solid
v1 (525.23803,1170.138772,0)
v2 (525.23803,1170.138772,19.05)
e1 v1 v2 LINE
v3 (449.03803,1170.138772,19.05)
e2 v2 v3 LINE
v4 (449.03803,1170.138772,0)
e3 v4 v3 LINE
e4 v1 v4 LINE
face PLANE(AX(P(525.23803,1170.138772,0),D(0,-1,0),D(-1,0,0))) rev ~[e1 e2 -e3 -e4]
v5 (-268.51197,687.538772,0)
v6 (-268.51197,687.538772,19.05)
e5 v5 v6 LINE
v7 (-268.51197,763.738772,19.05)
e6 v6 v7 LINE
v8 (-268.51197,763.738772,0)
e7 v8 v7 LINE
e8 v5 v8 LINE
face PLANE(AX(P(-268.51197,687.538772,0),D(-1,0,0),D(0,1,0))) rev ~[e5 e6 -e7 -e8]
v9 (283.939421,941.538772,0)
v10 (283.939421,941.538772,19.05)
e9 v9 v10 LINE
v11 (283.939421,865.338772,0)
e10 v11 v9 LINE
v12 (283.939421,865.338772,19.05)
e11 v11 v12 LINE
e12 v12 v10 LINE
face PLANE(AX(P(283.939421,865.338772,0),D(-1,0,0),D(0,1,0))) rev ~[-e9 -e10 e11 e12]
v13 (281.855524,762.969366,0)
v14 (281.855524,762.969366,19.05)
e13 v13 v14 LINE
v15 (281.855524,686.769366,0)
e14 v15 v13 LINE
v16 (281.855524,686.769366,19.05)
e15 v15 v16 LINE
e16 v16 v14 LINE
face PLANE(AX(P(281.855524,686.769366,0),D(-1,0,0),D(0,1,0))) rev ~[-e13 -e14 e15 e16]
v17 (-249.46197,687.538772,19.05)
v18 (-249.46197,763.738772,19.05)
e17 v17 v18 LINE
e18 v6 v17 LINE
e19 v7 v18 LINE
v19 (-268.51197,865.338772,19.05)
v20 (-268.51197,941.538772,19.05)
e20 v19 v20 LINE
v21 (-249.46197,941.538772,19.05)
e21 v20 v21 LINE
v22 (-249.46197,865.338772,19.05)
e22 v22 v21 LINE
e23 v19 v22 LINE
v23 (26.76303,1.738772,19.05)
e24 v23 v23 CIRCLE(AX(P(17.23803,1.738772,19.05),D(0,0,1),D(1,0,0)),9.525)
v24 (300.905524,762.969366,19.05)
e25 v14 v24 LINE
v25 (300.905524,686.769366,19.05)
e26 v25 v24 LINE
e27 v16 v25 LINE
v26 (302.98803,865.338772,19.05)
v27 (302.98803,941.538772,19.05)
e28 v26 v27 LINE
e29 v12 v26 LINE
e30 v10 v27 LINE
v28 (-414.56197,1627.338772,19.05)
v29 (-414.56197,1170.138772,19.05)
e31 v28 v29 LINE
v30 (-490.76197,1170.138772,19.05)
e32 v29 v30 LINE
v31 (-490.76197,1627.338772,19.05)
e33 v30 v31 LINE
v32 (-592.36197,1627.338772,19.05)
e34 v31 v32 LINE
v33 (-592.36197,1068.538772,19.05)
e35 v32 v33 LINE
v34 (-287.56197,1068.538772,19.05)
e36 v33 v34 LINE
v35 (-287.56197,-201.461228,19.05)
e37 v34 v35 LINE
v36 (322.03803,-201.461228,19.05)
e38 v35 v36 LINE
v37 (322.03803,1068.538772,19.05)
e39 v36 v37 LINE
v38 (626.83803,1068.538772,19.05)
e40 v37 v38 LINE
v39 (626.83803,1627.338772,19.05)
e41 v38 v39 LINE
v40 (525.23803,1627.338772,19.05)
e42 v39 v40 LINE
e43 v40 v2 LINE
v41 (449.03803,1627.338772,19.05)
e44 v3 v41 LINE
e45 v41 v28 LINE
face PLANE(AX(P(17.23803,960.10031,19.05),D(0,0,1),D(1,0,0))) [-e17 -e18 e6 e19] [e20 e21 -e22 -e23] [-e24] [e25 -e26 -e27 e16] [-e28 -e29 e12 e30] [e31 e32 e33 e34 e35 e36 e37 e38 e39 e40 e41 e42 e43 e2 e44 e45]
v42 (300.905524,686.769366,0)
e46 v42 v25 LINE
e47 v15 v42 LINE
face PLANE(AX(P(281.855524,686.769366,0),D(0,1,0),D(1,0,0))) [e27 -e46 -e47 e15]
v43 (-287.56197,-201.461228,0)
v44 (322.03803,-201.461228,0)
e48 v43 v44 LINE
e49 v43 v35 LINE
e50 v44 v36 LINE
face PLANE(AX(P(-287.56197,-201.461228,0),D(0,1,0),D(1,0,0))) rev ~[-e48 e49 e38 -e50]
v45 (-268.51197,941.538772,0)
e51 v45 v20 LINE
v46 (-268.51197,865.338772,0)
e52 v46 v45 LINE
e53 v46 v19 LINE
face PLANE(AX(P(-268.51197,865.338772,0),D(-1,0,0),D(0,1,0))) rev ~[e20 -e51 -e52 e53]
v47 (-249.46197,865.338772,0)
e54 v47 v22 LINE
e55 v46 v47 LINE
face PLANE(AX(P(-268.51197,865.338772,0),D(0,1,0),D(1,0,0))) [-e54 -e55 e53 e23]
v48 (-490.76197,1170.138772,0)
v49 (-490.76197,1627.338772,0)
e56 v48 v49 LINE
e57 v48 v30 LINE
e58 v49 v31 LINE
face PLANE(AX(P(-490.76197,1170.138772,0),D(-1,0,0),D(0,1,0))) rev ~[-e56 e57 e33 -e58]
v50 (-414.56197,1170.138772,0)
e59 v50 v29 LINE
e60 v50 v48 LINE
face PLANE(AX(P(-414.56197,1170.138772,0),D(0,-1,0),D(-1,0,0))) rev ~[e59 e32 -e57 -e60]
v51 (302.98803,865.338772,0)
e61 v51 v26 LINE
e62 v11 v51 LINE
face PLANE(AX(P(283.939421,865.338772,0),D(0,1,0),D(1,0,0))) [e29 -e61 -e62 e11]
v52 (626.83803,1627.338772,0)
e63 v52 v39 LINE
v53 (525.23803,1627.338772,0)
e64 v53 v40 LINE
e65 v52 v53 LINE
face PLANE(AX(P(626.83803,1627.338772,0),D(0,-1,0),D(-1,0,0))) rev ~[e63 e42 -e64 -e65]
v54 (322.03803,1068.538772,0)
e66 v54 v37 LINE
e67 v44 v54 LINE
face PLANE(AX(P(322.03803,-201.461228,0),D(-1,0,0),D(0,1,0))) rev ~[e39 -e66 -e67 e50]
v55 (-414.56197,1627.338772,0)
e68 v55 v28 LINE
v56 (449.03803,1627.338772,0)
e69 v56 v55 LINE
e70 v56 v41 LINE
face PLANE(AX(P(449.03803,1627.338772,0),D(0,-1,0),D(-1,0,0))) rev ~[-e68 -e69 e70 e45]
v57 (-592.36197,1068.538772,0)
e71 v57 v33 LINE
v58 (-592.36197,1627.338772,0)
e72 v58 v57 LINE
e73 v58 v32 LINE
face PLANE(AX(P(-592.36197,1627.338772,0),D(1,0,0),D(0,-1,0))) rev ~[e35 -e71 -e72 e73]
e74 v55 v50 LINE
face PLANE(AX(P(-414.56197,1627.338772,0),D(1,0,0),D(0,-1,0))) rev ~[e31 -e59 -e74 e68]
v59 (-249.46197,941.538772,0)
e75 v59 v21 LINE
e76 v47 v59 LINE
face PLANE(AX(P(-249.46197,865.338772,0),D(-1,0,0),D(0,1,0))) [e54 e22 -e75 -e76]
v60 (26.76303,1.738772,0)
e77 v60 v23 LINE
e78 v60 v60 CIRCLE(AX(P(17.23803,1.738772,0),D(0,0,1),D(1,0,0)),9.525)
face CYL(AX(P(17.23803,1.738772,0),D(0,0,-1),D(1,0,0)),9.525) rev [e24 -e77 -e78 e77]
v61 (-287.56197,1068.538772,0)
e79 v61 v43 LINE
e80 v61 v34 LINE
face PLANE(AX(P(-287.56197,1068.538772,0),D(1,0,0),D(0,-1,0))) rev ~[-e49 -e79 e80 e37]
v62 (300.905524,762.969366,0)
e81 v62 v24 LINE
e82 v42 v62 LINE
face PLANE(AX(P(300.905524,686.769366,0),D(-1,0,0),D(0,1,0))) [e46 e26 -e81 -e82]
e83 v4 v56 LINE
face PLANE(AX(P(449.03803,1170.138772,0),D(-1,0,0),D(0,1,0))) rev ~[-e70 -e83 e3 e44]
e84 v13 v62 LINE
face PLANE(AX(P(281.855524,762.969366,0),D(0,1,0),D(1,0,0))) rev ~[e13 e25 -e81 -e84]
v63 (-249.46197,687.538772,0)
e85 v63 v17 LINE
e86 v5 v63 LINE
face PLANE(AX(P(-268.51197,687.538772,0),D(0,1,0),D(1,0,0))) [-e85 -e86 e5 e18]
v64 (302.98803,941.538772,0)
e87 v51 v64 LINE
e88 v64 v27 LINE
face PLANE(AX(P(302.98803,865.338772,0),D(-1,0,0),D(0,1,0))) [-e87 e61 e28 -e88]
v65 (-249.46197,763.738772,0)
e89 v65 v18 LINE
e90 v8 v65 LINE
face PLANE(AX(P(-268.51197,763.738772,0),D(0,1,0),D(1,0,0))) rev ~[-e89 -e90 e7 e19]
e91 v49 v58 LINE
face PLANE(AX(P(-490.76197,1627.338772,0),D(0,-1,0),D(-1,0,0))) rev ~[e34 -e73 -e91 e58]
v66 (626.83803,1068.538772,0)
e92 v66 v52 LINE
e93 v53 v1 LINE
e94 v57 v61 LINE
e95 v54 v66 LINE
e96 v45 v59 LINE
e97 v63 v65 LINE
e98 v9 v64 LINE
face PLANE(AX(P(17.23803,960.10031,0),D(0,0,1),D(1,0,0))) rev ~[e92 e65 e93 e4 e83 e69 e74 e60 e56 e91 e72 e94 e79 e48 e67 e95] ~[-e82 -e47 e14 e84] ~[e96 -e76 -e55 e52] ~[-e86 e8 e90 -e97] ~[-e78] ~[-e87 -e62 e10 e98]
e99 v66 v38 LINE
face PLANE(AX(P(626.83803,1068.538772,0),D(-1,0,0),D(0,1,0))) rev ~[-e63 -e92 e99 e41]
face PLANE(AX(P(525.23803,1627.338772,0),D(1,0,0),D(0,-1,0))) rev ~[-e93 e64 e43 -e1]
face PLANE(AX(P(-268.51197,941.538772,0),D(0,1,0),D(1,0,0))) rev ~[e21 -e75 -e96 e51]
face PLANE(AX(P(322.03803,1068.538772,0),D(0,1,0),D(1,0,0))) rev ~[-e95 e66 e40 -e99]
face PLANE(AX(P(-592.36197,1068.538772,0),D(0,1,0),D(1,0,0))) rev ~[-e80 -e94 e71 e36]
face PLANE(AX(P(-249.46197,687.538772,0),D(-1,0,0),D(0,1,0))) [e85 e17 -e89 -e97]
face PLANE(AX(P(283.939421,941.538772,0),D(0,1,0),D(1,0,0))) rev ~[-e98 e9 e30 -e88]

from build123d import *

# Parameters (mm, degrees)
F0_R     = 9.525
F0_W     = 19.05
F0_H     = 76.2
F0_W_2   = 19.048609
F1_DEPTH = 19.05


with BuildPart() as f1:
    # F0 (on Top) → F1 (new body)
    with BuildSketch(Plane.XY):
        Polygon((-287.56197, 204.938772), (-287.56197, -201.461228), (17.23803, -201.461228), (322.03803, -201.461228), (322.03803, 204.938772), (322.03803, 865.338772), (322.03803, 941.538772), (322.03803, 1068.538772), (626.83803, 1068.538772), (626.83803, 1627.338772), (525.23803, 1627.338772), (525.23803, 1170.138772), (449.03803, 1170.138772), (449.03803, 1627.338772), (-414.56197, 1627.338772), (-414.56197, 1170.138772), (-490.76197, 1170.138772), (-490.76197, 1627.338772), (-592.36197, 1627.338772), (-592.36197, 1068.538772), (-287.56197, 1068.538772), (-287.56197, 941.538772), (-287.56197, 865.338772), (-287.56197, 763.738772), (-287.56197, 687.538772), (-287.56197, 560.538772), align=None)
        with Locations((17.23803, 1.738772)):
            Circle(F0_R, mode=Mode.SUBTRACT)
        with Locations((-258.98697, 725.638772)):
            Rectangle(F0_W, F0_H, mode=Mode.SUBTRACT)
        with Locations((-258.98697, 903.438772)):
            Rectangle(F0_W, F0_H, mode=Mode.SUBTRACT)
        with Locations((291.380524, 724.869366)):
            Rectangle(F0_W, F0_H, mode=Mode.SUBTRACT)
        with Locations((293.463726, 903.438772)):
            Rectangle(F0_W_2, F0_H, mode=Mode.SUBTRACT)
    extrude(amount=F1_DEPTH)


solid = f1.part
